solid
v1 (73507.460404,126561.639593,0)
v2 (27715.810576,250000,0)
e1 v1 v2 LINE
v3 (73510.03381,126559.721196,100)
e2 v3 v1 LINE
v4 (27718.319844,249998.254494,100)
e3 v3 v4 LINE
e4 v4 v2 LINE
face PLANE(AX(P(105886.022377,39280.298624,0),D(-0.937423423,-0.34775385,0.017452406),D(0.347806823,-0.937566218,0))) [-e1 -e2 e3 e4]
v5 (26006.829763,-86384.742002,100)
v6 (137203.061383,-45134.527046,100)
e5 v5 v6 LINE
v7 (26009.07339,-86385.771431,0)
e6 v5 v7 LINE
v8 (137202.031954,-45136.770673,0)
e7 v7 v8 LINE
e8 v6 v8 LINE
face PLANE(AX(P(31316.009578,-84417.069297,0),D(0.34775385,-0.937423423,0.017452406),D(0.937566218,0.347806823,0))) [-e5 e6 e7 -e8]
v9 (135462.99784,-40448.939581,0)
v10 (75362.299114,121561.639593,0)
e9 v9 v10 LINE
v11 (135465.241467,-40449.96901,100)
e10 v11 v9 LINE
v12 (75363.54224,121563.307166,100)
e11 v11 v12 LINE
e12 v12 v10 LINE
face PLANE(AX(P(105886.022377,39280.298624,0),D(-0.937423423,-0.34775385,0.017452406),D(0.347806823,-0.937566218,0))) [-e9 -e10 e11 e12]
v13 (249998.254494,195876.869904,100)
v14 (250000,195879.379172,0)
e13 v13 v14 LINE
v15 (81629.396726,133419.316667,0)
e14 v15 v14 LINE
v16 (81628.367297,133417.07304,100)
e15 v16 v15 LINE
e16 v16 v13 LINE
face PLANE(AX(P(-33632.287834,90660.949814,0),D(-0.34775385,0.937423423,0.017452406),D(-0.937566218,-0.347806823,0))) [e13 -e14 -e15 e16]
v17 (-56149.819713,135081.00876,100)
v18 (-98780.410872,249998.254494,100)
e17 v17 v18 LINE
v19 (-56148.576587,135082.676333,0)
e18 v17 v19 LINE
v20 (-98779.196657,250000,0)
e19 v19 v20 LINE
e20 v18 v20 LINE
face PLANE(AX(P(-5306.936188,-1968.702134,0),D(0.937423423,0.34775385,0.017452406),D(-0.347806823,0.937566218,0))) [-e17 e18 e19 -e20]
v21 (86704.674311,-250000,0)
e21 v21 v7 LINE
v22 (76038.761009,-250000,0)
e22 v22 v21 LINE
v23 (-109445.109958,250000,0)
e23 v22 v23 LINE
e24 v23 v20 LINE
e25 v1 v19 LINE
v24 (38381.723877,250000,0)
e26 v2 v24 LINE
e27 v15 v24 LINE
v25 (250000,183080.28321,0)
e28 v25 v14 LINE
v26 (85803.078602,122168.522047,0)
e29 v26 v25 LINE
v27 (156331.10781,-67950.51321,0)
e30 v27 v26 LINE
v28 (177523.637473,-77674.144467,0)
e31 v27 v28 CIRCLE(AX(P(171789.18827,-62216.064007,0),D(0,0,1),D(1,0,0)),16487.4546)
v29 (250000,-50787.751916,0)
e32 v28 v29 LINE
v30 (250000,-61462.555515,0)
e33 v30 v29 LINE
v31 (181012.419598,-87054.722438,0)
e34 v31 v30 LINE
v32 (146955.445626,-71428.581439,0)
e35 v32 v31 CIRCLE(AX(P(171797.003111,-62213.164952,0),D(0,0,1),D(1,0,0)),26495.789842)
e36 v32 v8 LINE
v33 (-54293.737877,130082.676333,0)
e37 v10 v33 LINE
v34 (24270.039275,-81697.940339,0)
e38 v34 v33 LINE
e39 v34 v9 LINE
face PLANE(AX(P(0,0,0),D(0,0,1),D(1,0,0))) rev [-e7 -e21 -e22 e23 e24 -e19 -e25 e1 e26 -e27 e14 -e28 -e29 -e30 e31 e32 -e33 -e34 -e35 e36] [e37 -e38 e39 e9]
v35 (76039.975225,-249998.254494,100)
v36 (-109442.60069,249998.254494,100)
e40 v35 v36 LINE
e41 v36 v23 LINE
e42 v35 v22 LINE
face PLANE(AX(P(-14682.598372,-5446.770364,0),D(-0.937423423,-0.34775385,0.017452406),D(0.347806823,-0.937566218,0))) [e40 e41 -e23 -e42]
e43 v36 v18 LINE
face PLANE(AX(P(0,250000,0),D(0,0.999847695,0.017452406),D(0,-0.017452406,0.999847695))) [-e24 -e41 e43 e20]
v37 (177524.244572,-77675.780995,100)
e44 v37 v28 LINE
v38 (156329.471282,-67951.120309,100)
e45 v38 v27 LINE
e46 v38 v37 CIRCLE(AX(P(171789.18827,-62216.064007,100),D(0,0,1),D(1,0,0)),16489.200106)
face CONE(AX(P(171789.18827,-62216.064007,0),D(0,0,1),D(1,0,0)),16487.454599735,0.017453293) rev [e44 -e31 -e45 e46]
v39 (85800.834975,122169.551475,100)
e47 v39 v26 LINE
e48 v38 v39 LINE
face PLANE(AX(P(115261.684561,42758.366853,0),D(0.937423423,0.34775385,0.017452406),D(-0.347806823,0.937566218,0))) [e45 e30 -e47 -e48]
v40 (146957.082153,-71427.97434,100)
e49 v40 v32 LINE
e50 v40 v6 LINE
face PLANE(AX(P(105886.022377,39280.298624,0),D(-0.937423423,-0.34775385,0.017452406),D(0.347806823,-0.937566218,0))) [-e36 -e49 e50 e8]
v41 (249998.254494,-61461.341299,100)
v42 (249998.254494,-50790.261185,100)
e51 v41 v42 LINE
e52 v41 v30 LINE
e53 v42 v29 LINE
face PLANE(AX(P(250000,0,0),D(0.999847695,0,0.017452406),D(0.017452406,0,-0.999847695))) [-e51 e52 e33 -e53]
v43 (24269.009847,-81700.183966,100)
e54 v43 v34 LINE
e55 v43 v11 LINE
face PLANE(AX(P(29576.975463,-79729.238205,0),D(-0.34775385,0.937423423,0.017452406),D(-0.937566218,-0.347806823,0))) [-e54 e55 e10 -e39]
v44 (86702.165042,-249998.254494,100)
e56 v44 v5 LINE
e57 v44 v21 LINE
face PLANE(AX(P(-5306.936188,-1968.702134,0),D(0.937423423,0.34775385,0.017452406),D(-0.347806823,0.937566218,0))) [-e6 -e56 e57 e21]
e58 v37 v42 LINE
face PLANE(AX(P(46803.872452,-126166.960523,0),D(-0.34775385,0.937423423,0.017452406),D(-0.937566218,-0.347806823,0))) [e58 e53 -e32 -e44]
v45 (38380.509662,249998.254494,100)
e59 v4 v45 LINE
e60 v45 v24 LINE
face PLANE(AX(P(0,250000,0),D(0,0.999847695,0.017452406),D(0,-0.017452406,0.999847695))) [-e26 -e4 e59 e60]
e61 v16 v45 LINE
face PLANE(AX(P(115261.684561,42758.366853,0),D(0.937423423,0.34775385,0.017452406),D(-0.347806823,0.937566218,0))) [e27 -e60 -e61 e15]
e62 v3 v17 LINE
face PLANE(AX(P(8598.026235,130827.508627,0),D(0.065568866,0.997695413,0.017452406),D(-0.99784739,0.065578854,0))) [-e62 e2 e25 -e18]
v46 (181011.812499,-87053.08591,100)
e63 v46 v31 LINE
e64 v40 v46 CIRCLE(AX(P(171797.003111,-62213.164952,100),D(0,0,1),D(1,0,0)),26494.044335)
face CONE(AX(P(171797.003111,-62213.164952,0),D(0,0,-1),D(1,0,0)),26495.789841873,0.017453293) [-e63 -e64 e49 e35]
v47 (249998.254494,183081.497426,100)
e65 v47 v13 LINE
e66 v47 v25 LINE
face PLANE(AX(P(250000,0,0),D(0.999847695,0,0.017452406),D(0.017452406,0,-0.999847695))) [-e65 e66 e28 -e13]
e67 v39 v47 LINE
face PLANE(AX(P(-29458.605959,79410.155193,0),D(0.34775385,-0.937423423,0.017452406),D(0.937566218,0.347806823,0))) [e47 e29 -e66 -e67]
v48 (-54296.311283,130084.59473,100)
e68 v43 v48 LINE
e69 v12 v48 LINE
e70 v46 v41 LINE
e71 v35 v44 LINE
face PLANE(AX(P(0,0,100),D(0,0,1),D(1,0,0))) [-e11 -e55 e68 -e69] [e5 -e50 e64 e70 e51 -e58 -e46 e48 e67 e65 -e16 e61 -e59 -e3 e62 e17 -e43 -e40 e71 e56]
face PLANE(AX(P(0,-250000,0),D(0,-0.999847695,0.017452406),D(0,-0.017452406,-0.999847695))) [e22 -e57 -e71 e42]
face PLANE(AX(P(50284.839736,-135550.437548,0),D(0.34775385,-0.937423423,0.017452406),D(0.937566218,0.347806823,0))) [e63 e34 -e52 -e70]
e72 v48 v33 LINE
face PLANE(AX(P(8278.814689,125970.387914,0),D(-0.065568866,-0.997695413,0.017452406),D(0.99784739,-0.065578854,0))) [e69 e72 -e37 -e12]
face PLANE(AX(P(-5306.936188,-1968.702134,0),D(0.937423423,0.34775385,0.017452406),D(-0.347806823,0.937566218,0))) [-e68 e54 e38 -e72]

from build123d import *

# Parameters (mm, degrees)
BOSS_EXTRUDE1_DEPTH = 100
BOSS_EXTRUDE1_DRAFT = 1


with BuildPart() as part:
    # Sketch2 → Boss-Extrude1 (with draft: the straight prism first)
    with BuildSketch(Plane.XY):
        with BuildLine():
            Line((-109445.109958414, 250000), (76038.761009331, -250000))
            Line((76038.761009331, -250000), (86704.674310857, -250000))
            Line((86704.674310857, -250000), (26009.073390173, -86385.771431203))
            Line((26009.073390173, -86385.771431203), (137202.031954441, -45136.770673489))
            Line((137202.031954441, -45136.770673489), (146955.445625558, -71428.581439109))
            ThreePointArc((146955.445625558, -71428.581439109), (160747.652847111, -86295.082195084), (181012.419598066, -87054.722438259))
            Line((181012.419598066, -87054.722438259), (250000, -61462.555514961))
            Line((250000, -61462.555514961), (250000, -50787.751916435))
            Line((250000, -50787.751916435), (177523.637472943, -77674.144466796))
            ThreePointArc((177523.637472943, -77674.144466796), (164913.542670162, -77201.445441923), (156331.107809657, -67950.513209524))
            Line((156331.107809657, -67950.513209524), (85803.078601765, 122168.522046532))
            Line((85803.078601765, 122168.522046532), (250000, 183080.283210395))
            Line((250000, 183080.283210395), (250000, 195879.379172226))
            Line((250000, 195879.379172226), (81629.396726262, 133419.316667451))
            Line((81629.396726262, 133419.316667451), (38381.72387709, 250000))
            Line((38381.72387709, 250000), (27715.810575564, 250000))
            Line((27715.810575564, 250000), (73507.460404044, 126561.639592795))
            Line((73507.460404044, 126561.639592795), (-56148.576586816, 135082.67633285))
            Line((-56148.576586816, 135082.67633285), (-98779.196656888, 250000))
            Line((-98779.196656888, 250000), (-109445.109958414, 250000))
        make_face()
        Polygon((-54293.737877138, 130082.67633285), (75362.299113722, 121561.639592795), (135462.997839648, -40448.93958144), (24270.039275381, -81697.940339153), align=None, mode=Mode.SUBTRACT)
    extrude(amount=BOSS_EXTRUDE1_DEPTH)
    # Boss-Extrude1: the draft: its side faces are tilted about the plane it starts from
    boss_extrude1_sides = [part.faces().sort_by_distance(p)[0] for p in [
        (-16703.174474542, 0, 50),
        (81371.717660094, -250000, 50),
        (56356.873850515, -168192.885715601, 50),
        (81605.552672307, -65761.271052346, 50),
        (142078.73879, -58282.676056299, 50),
        (160747.652847111, -86295.082195084, 50),
        (215506.209799033, -74258.63897661, 50),
        (250000, -56125.153715698, 50),
        (213761.818736472, -64230.948191616, 50),
        (164913.542670162, -77201.445441923, 50),
        (121067.093205711, 27109.004418504, 50),
        (167901.539300882, 152624.402628463, 50),
        (250000, 189479.83119131, 50),
        (165814.698363131, 164649.347919839, 50),
        (60005.560301676, 191709.658333726, 50),
        (33048.767226327, 250000, 50),
        (50611.635489804, 188280.819796397, 50),
        (8679.441908614, 130822.157962822, 50),
        (-77463.886621852, 192541.338166425, 50),
        (-104112.153307651, 250000, 50),
        (10534.280618292, 125822.157962822, 50),
        (105412.648476685, 40556.350005678, 50),
        (79866.518557515, -61073.439960296, 50),
        (-15011.849300879, 24192.367996849, 50),
    ]]
    draft(boss_extrude1_sides, Plane.XY, BOSS_EXTRUDE1_DRAFT)


solid = part.part
